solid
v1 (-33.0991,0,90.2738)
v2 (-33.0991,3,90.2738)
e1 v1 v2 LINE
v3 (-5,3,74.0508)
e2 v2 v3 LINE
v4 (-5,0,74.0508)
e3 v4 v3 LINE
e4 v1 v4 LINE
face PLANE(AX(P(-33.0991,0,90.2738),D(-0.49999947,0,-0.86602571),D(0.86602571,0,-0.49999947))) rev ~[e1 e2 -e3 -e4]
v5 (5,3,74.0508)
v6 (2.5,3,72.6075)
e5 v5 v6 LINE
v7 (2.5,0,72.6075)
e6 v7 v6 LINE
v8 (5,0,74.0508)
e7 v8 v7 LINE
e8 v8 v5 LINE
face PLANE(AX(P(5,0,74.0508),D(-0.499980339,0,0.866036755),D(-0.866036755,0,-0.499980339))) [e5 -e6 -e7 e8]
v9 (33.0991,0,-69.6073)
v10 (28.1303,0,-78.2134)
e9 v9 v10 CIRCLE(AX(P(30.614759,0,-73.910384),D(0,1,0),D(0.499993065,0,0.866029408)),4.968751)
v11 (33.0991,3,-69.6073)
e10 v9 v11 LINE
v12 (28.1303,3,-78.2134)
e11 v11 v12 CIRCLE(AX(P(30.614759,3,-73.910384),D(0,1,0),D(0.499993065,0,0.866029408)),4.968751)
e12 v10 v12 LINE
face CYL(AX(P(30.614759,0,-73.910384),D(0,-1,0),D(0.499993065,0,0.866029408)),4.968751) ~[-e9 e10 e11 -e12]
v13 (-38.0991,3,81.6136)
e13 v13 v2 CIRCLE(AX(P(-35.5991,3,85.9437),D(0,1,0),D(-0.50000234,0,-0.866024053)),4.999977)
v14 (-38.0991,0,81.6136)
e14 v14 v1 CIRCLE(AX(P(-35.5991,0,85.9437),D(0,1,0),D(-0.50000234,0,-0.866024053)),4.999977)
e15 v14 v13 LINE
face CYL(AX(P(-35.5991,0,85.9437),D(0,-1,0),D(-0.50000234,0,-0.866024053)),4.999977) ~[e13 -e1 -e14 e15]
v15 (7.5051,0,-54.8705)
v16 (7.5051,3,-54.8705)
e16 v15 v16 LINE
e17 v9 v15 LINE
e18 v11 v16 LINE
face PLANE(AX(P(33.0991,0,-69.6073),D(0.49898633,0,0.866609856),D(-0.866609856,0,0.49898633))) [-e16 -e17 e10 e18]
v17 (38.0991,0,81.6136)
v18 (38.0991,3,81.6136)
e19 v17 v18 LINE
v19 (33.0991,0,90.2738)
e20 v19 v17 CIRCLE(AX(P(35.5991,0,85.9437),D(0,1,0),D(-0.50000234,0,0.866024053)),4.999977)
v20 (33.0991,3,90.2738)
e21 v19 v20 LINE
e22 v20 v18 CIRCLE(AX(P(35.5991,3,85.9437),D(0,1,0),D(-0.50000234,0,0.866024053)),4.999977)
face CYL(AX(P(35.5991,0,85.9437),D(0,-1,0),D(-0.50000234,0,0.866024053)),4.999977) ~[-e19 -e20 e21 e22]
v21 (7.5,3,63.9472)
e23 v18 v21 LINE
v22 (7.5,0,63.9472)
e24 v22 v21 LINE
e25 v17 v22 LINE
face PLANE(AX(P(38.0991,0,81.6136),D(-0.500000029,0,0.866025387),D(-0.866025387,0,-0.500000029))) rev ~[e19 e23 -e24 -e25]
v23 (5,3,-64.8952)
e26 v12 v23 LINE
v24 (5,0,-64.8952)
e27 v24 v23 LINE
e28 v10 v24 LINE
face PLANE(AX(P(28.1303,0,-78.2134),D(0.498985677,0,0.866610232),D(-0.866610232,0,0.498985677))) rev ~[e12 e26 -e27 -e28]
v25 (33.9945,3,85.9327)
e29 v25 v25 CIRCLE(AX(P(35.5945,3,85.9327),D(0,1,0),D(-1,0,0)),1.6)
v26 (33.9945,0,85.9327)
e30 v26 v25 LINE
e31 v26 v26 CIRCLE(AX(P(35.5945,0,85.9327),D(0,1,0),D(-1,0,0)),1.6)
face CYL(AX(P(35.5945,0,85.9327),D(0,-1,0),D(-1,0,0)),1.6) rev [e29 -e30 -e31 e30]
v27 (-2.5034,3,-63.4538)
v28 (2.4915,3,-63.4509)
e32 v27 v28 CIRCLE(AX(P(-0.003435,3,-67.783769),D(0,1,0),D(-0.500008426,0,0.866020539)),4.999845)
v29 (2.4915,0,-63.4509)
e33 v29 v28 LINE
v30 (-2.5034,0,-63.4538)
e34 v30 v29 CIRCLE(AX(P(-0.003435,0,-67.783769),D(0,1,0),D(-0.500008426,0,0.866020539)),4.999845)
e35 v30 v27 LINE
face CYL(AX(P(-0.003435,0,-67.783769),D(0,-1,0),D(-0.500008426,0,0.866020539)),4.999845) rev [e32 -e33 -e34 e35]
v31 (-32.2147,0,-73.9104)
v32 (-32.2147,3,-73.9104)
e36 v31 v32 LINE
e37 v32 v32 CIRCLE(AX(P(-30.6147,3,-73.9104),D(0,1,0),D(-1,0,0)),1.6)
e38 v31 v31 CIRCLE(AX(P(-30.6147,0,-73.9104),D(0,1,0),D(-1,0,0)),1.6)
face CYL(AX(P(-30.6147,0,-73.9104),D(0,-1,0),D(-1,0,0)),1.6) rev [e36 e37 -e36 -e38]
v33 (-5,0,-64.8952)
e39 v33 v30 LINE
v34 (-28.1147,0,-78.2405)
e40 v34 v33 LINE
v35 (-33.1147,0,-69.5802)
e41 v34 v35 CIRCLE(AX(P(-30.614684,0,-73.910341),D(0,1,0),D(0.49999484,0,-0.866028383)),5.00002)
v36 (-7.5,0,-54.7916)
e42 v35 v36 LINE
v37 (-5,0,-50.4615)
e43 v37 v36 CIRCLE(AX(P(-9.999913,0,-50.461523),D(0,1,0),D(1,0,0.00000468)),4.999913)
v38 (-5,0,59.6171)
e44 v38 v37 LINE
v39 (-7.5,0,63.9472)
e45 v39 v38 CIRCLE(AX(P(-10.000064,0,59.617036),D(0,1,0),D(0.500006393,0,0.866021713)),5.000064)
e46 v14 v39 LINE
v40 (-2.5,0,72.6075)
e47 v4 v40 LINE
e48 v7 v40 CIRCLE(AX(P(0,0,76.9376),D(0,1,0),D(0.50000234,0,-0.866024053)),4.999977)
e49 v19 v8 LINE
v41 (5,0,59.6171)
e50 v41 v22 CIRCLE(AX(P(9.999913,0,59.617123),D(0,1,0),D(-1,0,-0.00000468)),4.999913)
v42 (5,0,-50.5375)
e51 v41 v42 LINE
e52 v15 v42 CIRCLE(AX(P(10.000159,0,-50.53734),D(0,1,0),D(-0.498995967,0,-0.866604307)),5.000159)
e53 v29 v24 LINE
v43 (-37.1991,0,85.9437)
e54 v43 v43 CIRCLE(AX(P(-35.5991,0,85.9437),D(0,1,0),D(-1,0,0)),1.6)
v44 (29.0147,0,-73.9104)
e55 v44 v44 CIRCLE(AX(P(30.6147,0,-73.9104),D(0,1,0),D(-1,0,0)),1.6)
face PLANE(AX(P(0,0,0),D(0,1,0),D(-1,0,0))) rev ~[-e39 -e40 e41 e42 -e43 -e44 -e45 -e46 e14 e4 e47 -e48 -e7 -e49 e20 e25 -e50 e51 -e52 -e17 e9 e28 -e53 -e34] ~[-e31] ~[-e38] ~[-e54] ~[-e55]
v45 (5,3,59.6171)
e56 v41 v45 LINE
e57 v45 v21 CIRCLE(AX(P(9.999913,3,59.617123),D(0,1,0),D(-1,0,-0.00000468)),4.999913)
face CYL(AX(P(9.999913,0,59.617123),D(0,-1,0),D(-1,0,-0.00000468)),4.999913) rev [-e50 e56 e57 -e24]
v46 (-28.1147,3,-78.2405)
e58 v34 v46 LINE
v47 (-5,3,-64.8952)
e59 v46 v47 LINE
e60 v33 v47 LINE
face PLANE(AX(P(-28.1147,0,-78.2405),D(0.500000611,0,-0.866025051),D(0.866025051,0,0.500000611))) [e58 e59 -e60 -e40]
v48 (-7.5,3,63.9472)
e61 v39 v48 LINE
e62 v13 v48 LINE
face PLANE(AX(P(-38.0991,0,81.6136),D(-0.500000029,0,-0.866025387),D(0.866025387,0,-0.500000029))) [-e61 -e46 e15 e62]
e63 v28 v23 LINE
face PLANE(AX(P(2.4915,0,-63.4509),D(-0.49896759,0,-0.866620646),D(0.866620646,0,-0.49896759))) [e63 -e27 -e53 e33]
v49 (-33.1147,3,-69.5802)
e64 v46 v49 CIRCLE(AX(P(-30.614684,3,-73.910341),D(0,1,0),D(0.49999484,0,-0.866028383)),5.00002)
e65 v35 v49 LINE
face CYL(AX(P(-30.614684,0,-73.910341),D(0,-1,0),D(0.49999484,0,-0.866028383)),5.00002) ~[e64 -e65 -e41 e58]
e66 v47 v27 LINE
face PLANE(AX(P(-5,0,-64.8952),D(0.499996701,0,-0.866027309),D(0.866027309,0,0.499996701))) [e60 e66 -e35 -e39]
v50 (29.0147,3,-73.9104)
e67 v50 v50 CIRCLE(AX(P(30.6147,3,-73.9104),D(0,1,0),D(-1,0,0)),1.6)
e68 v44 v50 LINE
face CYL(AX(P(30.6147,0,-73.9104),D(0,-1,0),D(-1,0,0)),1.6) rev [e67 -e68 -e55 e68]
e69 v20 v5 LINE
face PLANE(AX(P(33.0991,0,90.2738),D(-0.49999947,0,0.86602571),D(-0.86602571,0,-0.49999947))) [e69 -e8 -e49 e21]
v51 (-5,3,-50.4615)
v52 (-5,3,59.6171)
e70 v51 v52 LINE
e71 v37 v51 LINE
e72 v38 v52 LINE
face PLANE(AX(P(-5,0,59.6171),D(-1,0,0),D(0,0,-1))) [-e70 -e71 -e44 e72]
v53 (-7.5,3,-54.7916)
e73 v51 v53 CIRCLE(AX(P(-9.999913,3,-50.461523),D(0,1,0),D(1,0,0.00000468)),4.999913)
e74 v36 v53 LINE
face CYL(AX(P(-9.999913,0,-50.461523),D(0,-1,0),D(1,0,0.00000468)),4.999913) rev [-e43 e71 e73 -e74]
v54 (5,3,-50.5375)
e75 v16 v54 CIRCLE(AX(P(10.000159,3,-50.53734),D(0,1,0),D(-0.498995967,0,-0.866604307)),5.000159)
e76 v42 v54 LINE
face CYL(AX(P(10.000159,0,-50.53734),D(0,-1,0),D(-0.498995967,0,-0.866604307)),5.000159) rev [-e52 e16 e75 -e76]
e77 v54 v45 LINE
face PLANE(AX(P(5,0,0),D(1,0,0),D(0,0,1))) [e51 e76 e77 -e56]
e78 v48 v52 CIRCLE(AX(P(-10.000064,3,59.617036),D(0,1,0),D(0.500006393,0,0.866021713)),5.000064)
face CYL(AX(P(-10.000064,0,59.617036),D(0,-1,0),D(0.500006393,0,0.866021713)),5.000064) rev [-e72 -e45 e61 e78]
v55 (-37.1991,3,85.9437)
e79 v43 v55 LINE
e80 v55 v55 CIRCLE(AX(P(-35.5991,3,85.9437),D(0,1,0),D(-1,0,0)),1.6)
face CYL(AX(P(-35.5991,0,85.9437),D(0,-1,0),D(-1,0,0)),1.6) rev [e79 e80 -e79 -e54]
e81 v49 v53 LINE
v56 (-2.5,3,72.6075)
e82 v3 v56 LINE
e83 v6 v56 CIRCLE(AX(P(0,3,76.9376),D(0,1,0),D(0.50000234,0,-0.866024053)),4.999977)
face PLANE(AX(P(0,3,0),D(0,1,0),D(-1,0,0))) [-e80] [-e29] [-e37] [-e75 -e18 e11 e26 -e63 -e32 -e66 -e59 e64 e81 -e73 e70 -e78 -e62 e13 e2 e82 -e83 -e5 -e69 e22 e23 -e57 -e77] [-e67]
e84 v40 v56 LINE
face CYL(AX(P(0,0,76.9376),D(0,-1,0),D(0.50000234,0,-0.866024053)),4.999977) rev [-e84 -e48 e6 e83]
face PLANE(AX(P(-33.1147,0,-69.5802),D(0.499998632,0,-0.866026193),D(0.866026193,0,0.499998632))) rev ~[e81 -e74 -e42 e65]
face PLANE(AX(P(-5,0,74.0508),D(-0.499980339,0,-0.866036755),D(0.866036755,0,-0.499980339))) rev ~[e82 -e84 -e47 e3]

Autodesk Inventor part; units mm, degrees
ref_plane "YZ Plane" through (0, 0, 0) normal (1, 0, 0) x (0, 1, 0)
ref_plane "XZ Plane" through (0, 0, 0) normal (0, 1, 0) x (-1, 0, 0)
ref_plane "XY Plane" through (0, 0, 0) normal (0, 0, 1) x (1, 0, 0)
sketch "Sketch1" plane through (0, 0, 0) normal (0, 1, 0) x (-1, 0, 0)
  circle A0 centre (-30.6147, -73.9104) radius 1.6
  circle A1 centre (-30.6147, -73.9104) radius 1.6
  circle A2 centre (-30.6147, -73.9104) radius 1.6
  circle A3 centre (-30.6147, -73.9104) radius 1.6
  circle A4 centre (-35.5945, 85.9327) radius 1.6
  circle A5 centre (35.5991, 85.9437) radius 1.6
  circle A6 centre (30.6147, -73.9104) radius 1.6
  line L0 (0, 0) -> (5, 0)
  line L1 (0, 0) -> (-5, 0)
  line L2 (35.5991, 85.9437) -> (70.9318, 85.9437) construction
  arc A7 (38.0991, 81.6136) -> (33.0991, 90.2738) centre (35.5991, 85.9437) ccw
  line L3 (33.0991, 90.2738) -> (5, 74.0508)
  line L4 (38.0991, 81.6136) -> (7.5, 63.9472)
  arc A8 (-33.0991, 90.2738) -> (-38.0991, 81.6136) centre (-35.5991, 85.9437) ccw
  line L5 (-33.0991, 90.2738) -> (-5, 74.0508)
  line L6 (-38.0991, 81.6136) -> (-7.5, 63.9472)
  line L7 (5, 74.0508) -> (2.5, 72.6075)
  line L8 (-5, 74.0508) -> (-2.5, 72.6075)
  line L9 (30.6147, -73.9104) -> (60.192, -73.9104) construction
  line L10 (-30.6147, -73.9104) -> (-1.0374, -73.9104) construction
  arc A9 (28.1147, -78.2405) -> (33.1147, -69.5802) centre (30.6147, -73.9104) ccw
  line L11 (30.6147, -73.9104) -> (28.1147, -78.2405) construction
  line L12 (30.6147, -73.9104) -> (35.6147, -73.9104) construction
  line L13 (33.1147, -69.5802) -> (7.5, -54.7916)
  line L14 (28.1147, -78.2405) -> (5, -64.8952)
  arc A10 (-33.0991, -69.6073) -> (-28.1303, -78.2134) centre (-30.6147, -73.9104) ccw
  line L15 (-28.1303, -78.2134) -> (-5, -64.8952)
  line L16 (-33.0991, -69.6073) -> (-7.5051, -54.8705)
  line L17 (5, -64.8952) -> (2.5034, -63.4538)
  line L18 (-2.4915, -63.4509) -> (-5, -64.8952)
  line L19 (5, 59.6171) -> (5, -50.4615)
  line L20 (-5, -50.5375) -> (-5, 59.6171)
  arc A11 (7.5, 63.9472) -> (5, 59.6171) centre (10, 59.6171) ccw
  arc A12 (5, -50.4615) -> (7.5, -54.7916) centre (10, -50.4615) ccw
  arc A13 (2.5034, -63.4538) -> (-2.4915, -63.4509) centre (0.0034, -67.7839) ccw
  arc A14 (-7.5051, -54.8705) -> (-5, -50.5375) centre (-10, -50.5375) ccw
  arc A15 (-2.5, 72.6075) -> (2.5, 72.6075) centre (0, 76.9376) ccw
  arc A16 (-5, 59.6171) -> (-7.5, 63.9472) centre (-10, 59.6171) ccw
  point P0 (0.0068, -62.0124)
  dimension "d0" = 5
  dimension "d1" = 5
  dimension "d3" = 5
  dimension "d6" = 5
  dimension "d7" = 120
  dimension "d8" = 5
extrude "Extrusion1" add sketch "Sketch1" along normal blind 3
properties part number "Tall Handle" material "Polycarbonate, Clear"
